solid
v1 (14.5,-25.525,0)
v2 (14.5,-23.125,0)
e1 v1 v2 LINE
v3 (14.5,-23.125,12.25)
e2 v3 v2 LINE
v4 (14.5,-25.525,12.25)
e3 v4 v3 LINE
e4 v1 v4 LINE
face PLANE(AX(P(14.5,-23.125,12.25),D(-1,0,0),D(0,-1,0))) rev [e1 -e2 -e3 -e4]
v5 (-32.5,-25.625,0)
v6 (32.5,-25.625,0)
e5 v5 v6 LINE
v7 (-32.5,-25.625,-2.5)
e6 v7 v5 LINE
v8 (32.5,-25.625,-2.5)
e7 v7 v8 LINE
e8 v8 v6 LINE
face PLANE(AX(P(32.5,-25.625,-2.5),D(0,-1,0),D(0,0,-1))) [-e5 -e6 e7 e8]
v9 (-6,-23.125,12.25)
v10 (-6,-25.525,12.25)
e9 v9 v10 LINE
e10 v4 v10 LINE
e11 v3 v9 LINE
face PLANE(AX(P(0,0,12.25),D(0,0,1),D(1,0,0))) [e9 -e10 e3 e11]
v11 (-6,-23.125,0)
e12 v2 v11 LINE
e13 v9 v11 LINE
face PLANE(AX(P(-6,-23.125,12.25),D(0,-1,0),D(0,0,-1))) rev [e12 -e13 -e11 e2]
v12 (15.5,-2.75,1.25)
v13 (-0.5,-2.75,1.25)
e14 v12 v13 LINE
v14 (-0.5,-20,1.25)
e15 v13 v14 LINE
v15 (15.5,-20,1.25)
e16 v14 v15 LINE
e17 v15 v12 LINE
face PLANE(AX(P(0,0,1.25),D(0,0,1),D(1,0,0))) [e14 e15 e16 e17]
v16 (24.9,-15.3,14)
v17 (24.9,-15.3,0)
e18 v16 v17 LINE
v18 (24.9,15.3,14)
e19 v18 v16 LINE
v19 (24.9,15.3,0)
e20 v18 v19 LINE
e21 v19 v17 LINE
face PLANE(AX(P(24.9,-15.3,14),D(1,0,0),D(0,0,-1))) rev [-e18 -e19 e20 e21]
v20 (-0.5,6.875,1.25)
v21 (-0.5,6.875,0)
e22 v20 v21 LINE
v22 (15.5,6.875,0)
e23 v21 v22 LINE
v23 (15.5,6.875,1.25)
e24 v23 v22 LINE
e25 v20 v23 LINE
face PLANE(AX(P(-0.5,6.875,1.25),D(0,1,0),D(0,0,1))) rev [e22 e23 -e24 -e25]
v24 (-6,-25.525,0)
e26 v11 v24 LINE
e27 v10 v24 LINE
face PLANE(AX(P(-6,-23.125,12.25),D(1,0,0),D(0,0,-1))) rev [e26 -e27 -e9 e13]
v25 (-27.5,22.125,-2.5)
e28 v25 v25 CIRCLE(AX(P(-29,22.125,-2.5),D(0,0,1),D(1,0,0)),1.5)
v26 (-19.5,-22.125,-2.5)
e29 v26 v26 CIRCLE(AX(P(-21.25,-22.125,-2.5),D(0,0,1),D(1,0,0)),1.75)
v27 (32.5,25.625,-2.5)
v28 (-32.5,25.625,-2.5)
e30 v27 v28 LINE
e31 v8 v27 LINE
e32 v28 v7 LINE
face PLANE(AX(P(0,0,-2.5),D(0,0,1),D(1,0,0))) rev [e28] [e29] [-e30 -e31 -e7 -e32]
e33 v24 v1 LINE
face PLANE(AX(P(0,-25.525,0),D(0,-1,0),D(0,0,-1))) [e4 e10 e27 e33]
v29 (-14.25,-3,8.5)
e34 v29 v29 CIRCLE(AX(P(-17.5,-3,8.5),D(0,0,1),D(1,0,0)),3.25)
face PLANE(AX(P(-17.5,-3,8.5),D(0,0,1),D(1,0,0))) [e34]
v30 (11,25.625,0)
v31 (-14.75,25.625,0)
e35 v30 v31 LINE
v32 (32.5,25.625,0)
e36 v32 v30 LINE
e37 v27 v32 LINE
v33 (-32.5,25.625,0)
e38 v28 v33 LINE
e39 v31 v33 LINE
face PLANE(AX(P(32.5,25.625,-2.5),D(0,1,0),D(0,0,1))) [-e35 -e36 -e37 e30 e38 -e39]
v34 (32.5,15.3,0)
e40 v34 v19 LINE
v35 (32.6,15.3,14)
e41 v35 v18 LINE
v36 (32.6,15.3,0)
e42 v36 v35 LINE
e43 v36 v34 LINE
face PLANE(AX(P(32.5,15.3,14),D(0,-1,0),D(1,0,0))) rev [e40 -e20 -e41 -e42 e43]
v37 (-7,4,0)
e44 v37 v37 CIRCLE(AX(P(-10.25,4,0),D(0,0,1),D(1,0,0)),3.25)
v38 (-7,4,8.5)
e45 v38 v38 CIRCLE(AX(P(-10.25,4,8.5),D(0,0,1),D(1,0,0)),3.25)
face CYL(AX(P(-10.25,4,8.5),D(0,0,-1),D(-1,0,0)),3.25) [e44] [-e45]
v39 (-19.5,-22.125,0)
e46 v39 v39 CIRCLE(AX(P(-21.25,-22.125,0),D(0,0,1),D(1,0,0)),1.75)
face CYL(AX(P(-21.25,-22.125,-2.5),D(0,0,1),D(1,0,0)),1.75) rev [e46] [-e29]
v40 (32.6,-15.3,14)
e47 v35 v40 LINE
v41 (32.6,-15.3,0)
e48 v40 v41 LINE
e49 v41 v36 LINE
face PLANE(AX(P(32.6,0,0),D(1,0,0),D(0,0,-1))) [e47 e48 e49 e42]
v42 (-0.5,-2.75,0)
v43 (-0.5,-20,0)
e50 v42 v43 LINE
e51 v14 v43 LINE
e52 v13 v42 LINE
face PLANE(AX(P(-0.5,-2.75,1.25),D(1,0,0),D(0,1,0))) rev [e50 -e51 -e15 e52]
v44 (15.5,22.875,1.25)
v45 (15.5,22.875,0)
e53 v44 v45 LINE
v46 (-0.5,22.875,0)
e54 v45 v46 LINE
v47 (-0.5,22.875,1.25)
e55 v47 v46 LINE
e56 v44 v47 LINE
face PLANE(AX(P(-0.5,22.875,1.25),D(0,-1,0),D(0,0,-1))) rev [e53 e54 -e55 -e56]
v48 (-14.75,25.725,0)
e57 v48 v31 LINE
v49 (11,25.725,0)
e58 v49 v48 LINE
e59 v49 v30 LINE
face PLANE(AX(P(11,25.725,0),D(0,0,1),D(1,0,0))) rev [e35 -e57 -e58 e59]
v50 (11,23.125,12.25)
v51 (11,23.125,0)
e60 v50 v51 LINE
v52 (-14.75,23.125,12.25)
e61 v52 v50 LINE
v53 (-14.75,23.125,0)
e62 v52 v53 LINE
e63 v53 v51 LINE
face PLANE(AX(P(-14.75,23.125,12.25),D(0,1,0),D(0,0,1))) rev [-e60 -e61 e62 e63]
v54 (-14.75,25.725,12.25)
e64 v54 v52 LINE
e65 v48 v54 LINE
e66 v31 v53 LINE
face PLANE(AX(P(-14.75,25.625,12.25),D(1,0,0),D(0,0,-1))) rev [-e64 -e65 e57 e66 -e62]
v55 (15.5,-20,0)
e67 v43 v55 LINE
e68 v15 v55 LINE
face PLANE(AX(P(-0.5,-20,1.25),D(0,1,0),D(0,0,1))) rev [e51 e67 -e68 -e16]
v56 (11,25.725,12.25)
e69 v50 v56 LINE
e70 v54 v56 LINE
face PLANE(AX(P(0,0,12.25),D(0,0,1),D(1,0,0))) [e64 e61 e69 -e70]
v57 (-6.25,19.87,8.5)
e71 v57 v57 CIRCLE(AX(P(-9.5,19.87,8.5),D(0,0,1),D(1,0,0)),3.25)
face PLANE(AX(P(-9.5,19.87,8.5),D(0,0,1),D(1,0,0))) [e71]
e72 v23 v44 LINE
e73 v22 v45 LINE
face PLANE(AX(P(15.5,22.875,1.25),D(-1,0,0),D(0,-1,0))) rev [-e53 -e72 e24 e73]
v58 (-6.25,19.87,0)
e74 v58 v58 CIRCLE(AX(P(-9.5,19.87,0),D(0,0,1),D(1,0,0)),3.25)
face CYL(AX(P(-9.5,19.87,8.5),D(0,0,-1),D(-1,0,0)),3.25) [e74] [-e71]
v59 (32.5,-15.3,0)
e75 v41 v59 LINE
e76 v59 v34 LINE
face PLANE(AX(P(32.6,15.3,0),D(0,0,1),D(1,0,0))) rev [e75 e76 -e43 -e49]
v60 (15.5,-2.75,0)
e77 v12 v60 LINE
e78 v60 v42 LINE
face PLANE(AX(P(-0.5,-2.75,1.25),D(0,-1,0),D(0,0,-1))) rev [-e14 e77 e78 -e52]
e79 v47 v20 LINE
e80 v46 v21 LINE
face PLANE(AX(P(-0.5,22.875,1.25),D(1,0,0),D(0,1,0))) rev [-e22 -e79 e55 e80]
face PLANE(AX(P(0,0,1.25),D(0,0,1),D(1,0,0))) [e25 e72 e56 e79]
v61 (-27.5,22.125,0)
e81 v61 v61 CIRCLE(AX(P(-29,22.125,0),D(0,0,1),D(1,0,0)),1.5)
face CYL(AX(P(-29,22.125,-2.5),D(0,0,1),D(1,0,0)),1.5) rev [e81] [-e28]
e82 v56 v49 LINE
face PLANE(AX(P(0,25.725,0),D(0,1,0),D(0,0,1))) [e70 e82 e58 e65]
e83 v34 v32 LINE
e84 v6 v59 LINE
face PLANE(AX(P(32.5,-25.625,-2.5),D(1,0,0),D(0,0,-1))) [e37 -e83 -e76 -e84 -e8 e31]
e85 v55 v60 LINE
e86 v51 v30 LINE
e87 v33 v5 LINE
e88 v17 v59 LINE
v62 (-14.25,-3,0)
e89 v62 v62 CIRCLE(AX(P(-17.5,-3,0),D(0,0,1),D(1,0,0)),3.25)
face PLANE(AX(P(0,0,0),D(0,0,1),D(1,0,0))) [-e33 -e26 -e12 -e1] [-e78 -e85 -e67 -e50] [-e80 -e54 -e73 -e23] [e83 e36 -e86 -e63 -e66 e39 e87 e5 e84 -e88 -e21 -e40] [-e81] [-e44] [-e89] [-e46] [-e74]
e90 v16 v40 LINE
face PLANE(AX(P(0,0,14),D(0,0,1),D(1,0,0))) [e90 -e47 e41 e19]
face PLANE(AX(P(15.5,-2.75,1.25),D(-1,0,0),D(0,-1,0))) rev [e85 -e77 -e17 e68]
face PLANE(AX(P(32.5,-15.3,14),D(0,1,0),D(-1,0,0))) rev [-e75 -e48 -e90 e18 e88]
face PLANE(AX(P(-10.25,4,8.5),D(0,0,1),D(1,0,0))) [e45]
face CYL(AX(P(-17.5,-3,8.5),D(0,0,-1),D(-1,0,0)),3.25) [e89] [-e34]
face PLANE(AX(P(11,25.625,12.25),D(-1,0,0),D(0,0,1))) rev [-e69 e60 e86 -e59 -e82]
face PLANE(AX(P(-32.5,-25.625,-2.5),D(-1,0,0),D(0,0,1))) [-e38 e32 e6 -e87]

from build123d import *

# Parameters (mm, degrees)
SKETCH1_R            = 3.25
BOSS_EXTRUDE1_DEPTH  = 8.5
SKETCH3_W            = 65
SKETCH3_H            = 51.25
BOSS_EXTRUDE2_DEPTH  = 2.5
SKETCH4_W            = 7.6
SKETCH4_H            = 30.6
BOSS_EXTRUDE3_DEPTH  = 14
SKETCH5_R            = 3.25
BOSS_EXTRUDE4_DEPTH  = 8.5
SKETCH6_W            = 25.75
SKETCH6_H            = 2.5
BOSS_EXTRUDE5_DEPTH  = 12.25
SKETCH8_R            = 3.25
BOSS_EXTRUDE9_DEPTH  = 8.5
SKETCH9_W            = 20.5
SKETCH9_H            = 2.5
BOSS_EXTRUDE10_DEPTH = 12.25
SKETCH10_W           = 20.5
SKETCH10_H           = 12.25
CUT_EXTRUDE1_DEPTH   = 0.1
SKETCH12_W           = 25.75
SKETCH12_H           = 12.25
BOSS_EXTRUDE11_DEPTH = 0.1
SKETCH14_W           = 14
SKETCH14_H           = 30.6
BOSS_EXTRUDE12_DEPTH = 0.1
SKETCH15_R           = 1.5
CUT_EXTRUDE2_DEPTH   = 3.5
SKETCH16_R           = 1.75
CUT_EXTRUDE3_DEPTH   = 3.5
SKETCH17_W           = 16
SKETCH17_H           = 16
BOSS_EXTRUDE13_DEPTH = 1.25
SKETCH18_W           = 16
SKETCH18_H           = 17.25
BOSS_EXTRUDE14_DEPTH = 1.25


with BuildPart() as part:
    # Sketch1 → Boss-Extrude1 (new body)
    with BuildSketch(Plane.XY):
        with Locations((-17.5, -3)):
            Circle(SKETCH1_R)
    extrude(amount=BOSS_EXTRUDE1_DEPTH)

    # Sketch3 → Boss-Extrude2 (add)
    with BuildSketch(Plane.XY):
        Rectangle(SKETCH3_W, SKETCH3_H)
    extrude(amount=-BOSS_EXTRUDE2_DEPTH)

    # Sketch4 → Boss-Extrude3 (add)
    with BuildSketch(Plane.XY):
        with Locations((28.7, 0)):
            Rectangle(SKETCH4_W, SKETCH4_H)
    extrude(amount=BOSS_EXTRUDE3_DEPTH)

    # Sketch5 → Boss-Extrude4 (add)
    with BuildSketch(Plane.XY):
        with Locations((-10.25, 4)):
            Circle(SKETCH5_R)
    extrude(amount=BOSS_EXTRUDE4_DEPTH)

    # Sketch6 → Boss-Extrude5 (add)
    with BuildSketch(Plane.XY):
        with Locations((-1.875, 24.375)):
            Rectangle(SKETCH6_W, SKETCH6_H)
    extrude(amount=BOSS_EXTRUDE5_DEPTH)

    # Sketch8 → Boss-Extrude9 (add)
    with BuildSketch(Plane.XY):
        with Locations((-9.5, 19.87)):
            Circle(SKETCH8_R)
    extrude(amount=BOSS_EXTRUDE9_DEPTH)

    # Sketch9 → Boss-Extrude10 (add)
    with BuildSketch(Plane.XY):
        with Locations((4.25, -24.375)):
            Rectangle(SKETCH9_W, SKETCH9_H)
    extrude(amount=BOSS_EXTRUDE10_DEPTH)

    # Sketch10 → Cut-Extrude1 (cut)
    with BuildSketch(Plane.XZ.offset(25.625)):
        with Locations((4.25, 6.125)):
            Rectangle(SKETCH10_W, SKETCH10_H)
    extrude(amount=-CUT_EXTRUDE1_DEPTH, mode=Mode.SUBTRACT)

    # Sketch12 → Boss-Extrude11 (add)
    with BuildSketch(Plane(origin=(0, 25.625, 0), x_dir=(1, 0, 0), z_dir=(0, 1, 0))):
        with Locations((-1.875, -6.125)):
            Rectangle(SKETCH12_W, SKETCH12_H)
    extrude(amount=BOSS_EXTRUDE11_DEPTH)

    # Sketch14 → Boss-Extrude12 (add)
    with BuildSketch(Plane(origin=(32.5, 0, 0), x_dir=(0, 0, -1), z_dir=(1, 0, 0))):
        with Locations((-7, 0)):
            Rectangle(SKETCH14_W, SKETCH14_H)
    extrude(amount=BOSS_EXTRUDE12_DEPTH)

    # Sketch15 → Cut-Extrude2 (cut, through all)
    with BuildSketch(Plane.XY):
        with Locations((-29, 22.125)):
            Circle(SKETCH15_R)
    extrude(amount=-CUT_EXTRUDE2_DEPTH, mode=Mode.SUBTRACT)

    # Sketch16 → Cut-Extrude3 (cut, through all)
    with BuildSketch(Plane.XY):
        with Locations((-21.25, -22.125)):
            Circle(SKETCH16_R)
    extrude(amount=-CUT_EXTRUDE3_DEPTH, mode=Mode.SUBTRACT)

    # Sketch17 → Boss-Extrude13 (add)
    with BuildSketch(Plane.XY):
        with Locations((7.5, 14.875)):
            Rectangle(SKETCH17_W, SKETCH17_H)
    extrude(amount=BOSS_EXTRUDE13_DEPTH)

    # Sketch18 → Boss-Extrude14 (add)
    with BuildSketch(Plane.XY):
        with Locations((7.5, -11.375)):
            Rectangle(SKETCH18_W, SKETCH18_H)
    extrude(amount=BOSS_EXTRUDE14_DEPTH)


solid = part.part
